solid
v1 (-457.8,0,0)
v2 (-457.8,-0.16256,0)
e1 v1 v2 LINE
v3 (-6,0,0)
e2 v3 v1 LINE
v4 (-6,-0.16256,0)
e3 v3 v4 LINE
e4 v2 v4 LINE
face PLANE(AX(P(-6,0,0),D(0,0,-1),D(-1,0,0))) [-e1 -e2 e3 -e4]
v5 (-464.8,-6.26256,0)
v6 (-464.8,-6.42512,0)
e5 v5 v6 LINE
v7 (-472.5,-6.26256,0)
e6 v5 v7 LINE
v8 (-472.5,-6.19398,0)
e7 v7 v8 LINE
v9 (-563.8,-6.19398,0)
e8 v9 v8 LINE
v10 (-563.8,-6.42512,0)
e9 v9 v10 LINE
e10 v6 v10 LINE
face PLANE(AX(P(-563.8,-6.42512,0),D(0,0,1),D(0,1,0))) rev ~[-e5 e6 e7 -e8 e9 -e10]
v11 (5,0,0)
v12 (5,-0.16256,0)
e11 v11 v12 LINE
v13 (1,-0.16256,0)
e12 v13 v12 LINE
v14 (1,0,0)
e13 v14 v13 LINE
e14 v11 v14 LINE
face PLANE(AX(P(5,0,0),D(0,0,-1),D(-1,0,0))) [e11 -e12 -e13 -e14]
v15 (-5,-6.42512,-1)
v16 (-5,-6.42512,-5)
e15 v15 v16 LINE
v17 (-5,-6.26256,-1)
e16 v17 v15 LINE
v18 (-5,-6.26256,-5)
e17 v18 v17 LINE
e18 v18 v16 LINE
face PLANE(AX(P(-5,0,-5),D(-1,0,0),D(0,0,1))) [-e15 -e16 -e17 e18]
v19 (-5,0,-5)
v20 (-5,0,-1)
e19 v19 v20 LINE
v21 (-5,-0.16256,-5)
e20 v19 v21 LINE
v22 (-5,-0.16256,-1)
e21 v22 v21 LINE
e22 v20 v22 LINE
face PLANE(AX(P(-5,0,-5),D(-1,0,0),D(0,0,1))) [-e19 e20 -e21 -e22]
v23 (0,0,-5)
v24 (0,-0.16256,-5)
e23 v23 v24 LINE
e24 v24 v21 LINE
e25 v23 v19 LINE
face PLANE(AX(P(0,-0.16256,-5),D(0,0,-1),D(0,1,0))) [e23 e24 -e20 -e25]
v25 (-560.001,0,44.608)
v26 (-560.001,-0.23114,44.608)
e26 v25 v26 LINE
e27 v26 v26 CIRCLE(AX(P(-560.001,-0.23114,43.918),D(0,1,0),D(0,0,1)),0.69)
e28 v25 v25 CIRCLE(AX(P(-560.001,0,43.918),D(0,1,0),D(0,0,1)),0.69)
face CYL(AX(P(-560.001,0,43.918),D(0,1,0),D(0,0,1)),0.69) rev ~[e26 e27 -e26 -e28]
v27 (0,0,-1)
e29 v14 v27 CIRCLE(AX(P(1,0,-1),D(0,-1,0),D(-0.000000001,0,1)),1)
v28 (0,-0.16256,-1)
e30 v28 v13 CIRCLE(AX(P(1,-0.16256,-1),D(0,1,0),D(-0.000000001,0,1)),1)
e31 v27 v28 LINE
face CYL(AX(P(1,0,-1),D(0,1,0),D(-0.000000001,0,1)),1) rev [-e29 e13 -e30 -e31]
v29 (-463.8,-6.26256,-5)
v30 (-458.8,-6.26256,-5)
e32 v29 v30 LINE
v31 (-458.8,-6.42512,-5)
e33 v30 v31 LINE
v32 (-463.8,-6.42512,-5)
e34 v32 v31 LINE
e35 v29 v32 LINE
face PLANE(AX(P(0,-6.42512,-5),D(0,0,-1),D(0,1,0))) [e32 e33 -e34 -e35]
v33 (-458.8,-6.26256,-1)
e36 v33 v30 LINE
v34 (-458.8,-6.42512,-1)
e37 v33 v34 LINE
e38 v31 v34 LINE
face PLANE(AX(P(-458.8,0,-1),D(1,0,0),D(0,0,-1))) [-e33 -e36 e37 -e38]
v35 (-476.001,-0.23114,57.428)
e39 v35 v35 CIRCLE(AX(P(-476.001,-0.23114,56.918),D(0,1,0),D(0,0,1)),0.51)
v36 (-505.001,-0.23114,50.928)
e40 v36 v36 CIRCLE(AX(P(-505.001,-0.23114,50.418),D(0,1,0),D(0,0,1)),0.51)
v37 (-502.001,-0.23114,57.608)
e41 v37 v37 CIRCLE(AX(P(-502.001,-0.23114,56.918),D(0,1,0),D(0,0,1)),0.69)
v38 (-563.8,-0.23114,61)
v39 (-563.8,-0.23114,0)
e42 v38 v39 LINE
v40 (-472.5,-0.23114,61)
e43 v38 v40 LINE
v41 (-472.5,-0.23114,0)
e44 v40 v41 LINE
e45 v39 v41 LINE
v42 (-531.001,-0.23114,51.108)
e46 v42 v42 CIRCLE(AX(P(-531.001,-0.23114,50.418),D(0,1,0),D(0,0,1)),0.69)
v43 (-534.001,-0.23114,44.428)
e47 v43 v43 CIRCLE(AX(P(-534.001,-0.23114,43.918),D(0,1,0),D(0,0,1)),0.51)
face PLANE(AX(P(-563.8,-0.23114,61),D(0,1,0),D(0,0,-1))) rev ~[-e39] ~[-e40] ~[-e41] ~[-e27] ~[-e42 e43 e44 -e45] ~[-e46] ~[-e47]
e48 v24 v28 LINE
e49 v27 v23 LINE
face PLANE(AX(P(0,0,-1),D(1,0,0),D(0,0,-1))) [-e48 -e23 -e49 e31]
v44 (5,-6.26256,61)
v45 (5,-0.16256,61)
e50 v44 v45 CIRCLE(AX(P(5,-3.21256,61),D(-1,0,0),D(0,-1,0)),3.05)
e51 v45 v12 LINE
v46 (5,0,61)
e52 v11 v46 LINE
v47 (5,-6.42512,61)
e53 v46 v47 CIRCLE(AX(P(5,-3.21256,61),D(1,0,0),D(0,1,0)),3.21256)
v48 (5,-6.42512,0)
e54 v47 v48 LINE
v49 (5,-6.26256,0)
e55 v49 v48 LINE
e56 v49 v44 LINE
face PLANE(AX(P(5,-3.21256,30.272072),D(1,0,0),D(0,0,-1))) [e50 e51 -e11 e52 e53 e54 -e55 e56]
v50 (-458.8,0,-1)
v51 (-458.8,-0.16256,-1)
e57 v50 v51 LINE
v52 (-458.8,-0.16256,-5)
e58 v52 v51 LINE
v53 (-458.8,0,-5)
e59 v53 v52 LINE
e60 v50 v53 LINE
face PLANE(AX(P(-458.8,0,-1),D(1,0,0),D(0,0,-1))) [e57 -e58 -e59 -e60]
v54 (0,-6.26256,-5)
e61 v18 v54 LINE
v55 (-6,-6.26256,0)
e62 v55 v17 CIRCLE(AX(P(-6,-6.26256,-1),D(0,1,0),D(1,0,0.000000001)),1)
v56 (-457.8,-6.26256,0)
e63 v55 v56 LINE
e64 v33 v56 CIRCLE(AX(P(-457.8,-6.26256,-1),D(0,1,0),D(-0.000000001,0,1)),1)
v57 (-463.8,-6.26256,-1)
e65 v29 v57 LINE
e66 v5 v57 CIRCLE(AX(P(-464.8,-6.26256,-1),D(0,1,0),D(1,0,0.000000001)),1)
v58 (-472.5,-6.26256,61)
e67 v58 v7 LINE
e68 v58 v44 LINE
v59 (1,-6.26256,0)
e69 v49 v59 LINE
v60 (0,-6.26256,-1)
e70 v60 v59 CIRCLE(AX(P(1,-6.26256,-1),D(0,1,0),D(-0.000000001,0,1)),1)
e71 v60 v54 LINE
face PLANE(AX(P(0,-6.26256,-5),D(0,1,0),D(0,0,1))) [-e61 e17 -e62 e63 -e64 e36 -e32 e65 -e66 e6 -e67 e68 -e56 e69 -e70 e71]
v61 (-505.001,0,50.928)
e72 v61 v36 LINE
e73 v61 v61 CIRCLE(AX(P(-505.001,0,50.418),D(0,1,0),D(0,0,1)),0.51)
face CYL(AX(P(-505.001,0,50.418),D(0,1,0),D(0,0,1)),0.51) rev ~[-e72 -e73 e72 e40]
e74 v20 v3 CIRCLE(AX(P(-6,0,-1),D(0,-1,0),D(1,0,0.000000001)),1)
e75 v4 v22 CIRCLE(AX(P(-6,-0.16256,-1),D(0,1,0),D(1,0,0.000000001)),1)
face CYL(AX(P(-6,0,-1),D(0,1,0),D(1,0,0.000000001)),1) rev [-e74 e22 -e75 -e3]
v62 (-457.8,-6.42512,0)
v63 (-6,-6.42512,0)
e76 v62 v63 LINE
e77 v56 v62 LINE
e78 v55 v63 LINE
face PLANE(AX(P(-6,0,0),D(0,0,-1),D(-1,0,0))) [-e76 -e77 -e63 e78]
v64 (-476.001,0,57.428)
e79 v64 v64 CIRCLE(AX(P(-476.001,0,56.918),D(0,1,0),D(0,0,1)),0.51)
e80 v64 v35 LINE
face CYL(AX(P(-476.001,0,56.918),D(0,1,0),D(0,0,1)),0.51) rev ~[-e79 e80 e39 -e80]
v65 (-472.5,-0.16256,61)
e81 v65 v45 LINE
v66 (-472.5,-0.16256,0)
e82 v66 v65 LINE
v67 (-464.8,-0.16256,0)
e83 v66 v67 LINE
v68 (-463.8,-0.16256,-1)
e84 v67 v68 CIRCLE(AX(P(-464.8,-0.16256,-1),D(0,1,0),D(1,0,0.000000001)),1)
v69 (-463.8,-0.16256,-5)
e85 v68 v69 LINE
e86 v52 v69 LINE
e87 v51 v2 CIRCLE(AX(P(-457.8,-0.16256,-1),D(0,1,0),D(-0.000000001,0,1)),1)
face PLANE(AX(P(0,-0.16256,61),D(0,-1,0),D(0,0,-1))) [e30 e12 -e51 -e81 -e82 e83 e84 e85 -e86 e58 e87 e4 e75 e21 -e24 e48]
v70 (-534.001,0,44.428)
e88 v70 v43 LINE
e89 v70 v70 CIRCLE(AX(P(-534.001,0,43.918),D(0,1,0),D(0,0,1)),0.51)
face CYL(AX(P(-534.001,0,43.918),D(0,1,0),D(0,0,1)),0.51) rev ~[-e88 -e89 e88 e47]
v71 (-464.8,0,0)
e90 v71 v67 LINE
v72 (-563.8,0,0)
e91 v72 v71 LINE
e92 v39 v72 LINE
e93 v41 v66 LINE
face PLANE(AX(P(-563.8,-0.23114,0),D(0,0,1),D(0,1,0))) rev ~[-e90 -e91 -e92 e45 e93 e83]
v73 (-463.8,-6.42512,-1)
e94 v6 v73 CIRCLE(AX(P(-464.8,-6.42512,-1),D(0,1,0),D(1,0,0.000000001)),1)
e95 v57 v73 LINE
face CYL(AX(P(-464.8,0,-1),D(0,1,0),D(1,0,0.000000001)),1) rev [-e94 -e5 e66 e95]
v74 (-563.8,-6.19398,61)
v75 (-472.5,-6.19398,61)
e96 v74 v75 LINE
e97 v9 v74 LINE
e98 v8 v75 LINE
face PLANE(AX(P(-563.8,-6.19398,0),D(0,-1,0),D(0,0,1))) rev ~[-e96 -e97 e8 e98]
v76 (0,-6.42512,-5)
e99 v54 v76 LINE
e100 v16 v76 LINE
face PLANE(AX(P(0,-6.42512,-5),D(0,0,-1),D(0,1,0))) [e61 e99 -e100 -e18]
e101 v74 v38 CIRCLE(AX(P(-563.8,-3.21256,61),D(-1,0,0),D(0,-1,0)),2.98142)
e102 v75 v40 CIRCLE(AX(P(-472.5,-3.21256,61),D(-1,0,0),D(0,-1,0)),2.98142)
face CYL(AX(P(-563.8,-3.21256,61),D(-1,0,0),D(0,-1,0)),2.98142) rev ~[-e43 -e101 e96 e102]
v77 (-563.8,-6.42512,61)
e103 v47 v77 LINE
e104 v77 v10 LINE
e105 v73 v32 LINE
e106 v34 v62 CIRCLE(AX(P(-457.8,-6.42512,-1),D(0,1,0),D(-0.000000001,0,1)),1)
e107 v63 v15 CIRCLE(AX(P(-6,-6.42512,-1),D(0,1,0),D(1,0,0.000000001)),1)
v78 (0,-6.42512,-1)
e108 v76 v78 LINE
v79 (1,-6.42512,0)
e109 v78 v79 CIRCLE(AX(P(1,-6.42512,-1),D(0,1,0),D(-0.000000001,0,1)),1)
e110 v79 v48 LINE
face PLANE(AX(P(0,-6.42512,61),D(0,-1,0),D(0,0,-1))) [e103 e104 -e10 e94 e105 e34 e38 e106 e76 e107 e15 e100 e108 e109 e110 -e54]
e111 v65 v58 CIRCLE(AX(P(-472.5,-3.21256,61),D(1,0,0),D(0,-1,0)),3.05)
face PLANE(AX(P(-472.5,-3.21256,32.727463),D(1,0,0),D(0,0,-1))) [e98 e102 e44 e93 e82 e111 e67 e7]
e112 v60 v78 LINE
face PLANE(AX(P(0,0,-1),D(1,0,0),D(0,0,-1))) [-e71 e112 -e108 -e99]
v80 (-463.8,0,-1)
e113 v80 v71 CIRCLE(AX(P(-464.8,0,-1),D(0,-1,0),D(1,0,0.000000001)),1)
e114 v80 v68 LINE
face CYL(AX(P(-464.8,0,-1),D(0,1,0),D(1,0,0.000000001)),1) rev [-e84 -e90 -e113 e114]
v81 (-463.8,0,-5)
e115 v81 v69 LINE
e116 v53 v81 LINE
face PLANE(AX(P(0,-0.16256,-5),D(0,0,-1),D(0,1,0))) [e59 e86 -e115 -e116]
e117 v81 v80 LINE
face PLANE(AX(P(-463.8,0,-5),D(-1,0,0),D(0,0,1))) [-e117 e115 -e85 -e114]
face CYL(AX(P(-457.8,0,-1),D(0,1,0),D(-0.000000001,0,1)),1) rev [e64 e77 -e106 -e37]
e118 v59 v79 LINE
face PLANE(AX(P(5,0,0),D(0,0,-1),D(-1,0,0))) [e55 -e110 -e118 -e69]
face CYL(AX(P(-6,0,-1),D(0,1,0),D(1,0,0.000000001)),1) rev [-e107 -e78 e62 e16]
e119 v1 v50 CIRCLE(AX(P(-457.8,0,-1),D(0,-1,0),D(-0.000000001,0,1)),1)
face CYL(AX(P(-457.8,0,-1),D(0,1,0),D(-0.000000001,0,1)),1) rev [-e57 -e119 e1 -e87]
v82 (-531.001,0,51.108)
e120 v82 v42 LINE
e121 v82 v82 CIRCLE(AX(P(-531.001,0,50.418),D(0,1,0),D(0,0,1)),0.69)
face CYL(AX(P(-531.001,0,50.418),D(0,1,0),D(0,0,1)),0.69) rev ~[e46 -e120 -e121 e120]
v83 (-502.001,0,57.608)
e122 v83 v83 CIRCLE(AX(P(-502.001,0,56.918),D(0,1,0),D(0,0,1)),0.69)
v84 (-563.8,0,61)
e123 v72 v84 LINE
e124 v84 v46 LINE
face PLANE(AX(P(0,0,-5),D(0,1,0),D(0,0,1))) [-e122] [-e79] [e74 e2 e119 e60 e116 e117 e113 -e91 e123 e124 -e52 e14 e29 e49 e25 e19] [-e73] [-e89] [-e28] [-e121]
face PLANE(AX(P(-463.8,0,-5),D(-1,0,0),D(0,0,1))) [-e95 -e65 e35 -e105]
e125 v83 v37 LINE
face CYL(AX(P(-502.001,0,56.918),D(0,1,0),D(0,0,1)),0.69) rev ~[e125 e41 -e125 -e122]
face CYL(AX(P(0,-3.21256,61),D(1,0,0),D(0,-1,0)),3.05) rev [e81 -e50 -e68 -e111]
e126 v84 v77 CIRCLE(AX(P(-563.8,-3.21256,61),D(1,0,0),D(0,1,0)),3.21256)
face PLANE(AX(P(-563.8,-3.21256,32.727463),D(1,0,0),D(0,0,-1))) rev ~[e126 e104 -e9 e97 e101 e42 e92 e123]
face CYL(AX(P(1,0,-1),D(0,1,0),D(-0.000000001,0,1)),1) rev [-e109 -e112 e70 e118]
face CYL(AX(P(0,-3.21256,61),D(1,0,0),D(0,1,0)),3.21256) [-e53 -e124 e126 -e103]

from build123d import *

# Parameters (mm, degrees)
BOSS_EXTRUDE1_DEPTH      = 5
BOSS_EXTRUDE1_DEPTH_BACK = 563.8
CUT_EXTRUDE1_DEPTH       = 7.42512
BOSS_EXTRUDE2_DEPTH      = 91.3
SKETCH4_R                = 0.69
SKETCH4_R_2              = 0.51
CUT_EXTRUDE2_DEPTH       = 2


with BuildPart() as part:
    # Sketch1 → Boss-Extrude1 (new body, two sides)
    with BuildSketch(Plane(origin=(0, 0, 0), x_dir=(0, 0, -1), z_dir=(1, 0, 0))) as boss_extrude1_sk:
        with BuildLine():
            Line((0, 0), (-61, 0))
            ThreePointArc((-61, 0), (-64.21256, -3.21256), (-61, -6.42512))
            Line((-61, -6.42512), (0, -6.42512))
            Line((0, -6.42512), (5, -6.42512))
            Line((5, -6.42512), (5, -6.26256))
            Line((5, -6.26256), (-61, -6.26256))
            ThreePointArc((-61, -6.26256), (-64.05, -3.21256), (-61, -0.16256))
            Line((-61, -0.16256), (5, -0.16256))
            Line((5, -0.16256), (5, 0))
            Line((5, 0), (0, 0))
        make_face()
    extrude(amount=BOSS_EXTRUDE1_DEPTH)
    extrude(boss_extrude1_sk.sketch, amount=-BOSS_EXTRUDE1_DEPTH_BACK)

    # Sketch2 → Cut-Extrude1 (cut, through all)
    with BuildSketch(Plane(origin=(0, 0, 0), x_dir=(1, 0, 0), z_dir=(0, 1, 0))):
        with BuildLine():
            Line((5, 0), (1, 0))
            ThreePointArc((1, 0), (0.292893219, 0.292893219), (0, 1))
            Line((0, 1), (0, 5))
            Line((0, 5), (-5, 5))
            Line((-5, 5), (-5, 1))
            ThreePointArc((-5, 1), (-5.292893219, 0.292893219), (-6, 0))
            Line((-6, 0), (-457.8, 0))
            ThreePointArc((-457.8, 0), (-458.507106781, 0.292893219), (-458.8, 1))
            Line((-458.8, 1), (-458.8, 5))
            Line((-458.8, 5), (-463.8, 5))
            Line((-463.8, 5), (-463.8, 1))
            ThreePointArc((-463.8, 1), (-464.092893219, 0.292893219), (-464.8, 0))
            Line((-464.8, 0), (-563.8, 0))
            Line((-563.8, 0), (-563.8, 10))
            Line((-563.8, 10), (5, 10))
            Line((5, 10), (5, 0))
        make_face()
    extrude(amount=-CUT_EXTRUDE1_DEPTH, mode=Mode.SUBTRACT)

    # Sketch3 → Boss-Extrude2 (add)
    with BuildSketch(Plane.ZY.offset(563.8)):
        with BuildLine():
            Line((61, -0.23114), (0, -0.23114))
            Line((0, -0.23114), (0, 0))
            Line((0, 0), (61, 0))
            ThreePointArc((61, 0), (64.21256, -3.21256), (61, -6.42512))
            Line((61, -6.42512), (0, -6.42512))
            Line((0, -6.42512), (0, -6.19398))
            Line((0, -6.19398), (61, -6.19398))
            ThreePointArc((61, -6.19398), (63.98142, -3.21256), (61, -0.23114))
        make_face()
    extrude(amount=-BOSS_EXTRUDE2_DEPTH)

    # Sketch4 → Cut-Extrude2 (cut)
    with BuildSketch(Plane(origin=(0, 0, 0), x_dir=(1, 0, 0), z_dir=(0, 1, 0))):
        with Locations(Location((-560.001, -43.918, 0), (0, 0, 270))):  # turned: the seam where the file's is
            Circle(SKETCH4_R)
        with Locations(Location((-534.001, -43.918, 0), (0, 0, 270))):  # turned: the seam where the file's is
            Circle(SKETCH4_R_2)
        with Locations(Location((-531.001, -50.418, 0), (0, 0, 270))):  # turned: the seam where the file's is
            Circle(SKETCH4_R)
        with Locations(Location((-505.001, -50.418, 0), (0, 0, 270))):  # turned: the seam where the file's is
            Circle(SKETCH4_R_2)
        with Locations(Location((-502.001, -56.918, 0), (0, 0, 270))):  # turned: the seam where the file's is
            Circle(SKETCH4_R)
        with Locations(Location((-476.001, -56.918, 0), (0, 0, 270))):  # turned: the seam where the file's is
            Circle(SKETCH4_R_2)
    extrude(amount=-CUT_EXTRUDE2_DEPTH, mode=Mode.SUBTRACT)


solid = part.part
